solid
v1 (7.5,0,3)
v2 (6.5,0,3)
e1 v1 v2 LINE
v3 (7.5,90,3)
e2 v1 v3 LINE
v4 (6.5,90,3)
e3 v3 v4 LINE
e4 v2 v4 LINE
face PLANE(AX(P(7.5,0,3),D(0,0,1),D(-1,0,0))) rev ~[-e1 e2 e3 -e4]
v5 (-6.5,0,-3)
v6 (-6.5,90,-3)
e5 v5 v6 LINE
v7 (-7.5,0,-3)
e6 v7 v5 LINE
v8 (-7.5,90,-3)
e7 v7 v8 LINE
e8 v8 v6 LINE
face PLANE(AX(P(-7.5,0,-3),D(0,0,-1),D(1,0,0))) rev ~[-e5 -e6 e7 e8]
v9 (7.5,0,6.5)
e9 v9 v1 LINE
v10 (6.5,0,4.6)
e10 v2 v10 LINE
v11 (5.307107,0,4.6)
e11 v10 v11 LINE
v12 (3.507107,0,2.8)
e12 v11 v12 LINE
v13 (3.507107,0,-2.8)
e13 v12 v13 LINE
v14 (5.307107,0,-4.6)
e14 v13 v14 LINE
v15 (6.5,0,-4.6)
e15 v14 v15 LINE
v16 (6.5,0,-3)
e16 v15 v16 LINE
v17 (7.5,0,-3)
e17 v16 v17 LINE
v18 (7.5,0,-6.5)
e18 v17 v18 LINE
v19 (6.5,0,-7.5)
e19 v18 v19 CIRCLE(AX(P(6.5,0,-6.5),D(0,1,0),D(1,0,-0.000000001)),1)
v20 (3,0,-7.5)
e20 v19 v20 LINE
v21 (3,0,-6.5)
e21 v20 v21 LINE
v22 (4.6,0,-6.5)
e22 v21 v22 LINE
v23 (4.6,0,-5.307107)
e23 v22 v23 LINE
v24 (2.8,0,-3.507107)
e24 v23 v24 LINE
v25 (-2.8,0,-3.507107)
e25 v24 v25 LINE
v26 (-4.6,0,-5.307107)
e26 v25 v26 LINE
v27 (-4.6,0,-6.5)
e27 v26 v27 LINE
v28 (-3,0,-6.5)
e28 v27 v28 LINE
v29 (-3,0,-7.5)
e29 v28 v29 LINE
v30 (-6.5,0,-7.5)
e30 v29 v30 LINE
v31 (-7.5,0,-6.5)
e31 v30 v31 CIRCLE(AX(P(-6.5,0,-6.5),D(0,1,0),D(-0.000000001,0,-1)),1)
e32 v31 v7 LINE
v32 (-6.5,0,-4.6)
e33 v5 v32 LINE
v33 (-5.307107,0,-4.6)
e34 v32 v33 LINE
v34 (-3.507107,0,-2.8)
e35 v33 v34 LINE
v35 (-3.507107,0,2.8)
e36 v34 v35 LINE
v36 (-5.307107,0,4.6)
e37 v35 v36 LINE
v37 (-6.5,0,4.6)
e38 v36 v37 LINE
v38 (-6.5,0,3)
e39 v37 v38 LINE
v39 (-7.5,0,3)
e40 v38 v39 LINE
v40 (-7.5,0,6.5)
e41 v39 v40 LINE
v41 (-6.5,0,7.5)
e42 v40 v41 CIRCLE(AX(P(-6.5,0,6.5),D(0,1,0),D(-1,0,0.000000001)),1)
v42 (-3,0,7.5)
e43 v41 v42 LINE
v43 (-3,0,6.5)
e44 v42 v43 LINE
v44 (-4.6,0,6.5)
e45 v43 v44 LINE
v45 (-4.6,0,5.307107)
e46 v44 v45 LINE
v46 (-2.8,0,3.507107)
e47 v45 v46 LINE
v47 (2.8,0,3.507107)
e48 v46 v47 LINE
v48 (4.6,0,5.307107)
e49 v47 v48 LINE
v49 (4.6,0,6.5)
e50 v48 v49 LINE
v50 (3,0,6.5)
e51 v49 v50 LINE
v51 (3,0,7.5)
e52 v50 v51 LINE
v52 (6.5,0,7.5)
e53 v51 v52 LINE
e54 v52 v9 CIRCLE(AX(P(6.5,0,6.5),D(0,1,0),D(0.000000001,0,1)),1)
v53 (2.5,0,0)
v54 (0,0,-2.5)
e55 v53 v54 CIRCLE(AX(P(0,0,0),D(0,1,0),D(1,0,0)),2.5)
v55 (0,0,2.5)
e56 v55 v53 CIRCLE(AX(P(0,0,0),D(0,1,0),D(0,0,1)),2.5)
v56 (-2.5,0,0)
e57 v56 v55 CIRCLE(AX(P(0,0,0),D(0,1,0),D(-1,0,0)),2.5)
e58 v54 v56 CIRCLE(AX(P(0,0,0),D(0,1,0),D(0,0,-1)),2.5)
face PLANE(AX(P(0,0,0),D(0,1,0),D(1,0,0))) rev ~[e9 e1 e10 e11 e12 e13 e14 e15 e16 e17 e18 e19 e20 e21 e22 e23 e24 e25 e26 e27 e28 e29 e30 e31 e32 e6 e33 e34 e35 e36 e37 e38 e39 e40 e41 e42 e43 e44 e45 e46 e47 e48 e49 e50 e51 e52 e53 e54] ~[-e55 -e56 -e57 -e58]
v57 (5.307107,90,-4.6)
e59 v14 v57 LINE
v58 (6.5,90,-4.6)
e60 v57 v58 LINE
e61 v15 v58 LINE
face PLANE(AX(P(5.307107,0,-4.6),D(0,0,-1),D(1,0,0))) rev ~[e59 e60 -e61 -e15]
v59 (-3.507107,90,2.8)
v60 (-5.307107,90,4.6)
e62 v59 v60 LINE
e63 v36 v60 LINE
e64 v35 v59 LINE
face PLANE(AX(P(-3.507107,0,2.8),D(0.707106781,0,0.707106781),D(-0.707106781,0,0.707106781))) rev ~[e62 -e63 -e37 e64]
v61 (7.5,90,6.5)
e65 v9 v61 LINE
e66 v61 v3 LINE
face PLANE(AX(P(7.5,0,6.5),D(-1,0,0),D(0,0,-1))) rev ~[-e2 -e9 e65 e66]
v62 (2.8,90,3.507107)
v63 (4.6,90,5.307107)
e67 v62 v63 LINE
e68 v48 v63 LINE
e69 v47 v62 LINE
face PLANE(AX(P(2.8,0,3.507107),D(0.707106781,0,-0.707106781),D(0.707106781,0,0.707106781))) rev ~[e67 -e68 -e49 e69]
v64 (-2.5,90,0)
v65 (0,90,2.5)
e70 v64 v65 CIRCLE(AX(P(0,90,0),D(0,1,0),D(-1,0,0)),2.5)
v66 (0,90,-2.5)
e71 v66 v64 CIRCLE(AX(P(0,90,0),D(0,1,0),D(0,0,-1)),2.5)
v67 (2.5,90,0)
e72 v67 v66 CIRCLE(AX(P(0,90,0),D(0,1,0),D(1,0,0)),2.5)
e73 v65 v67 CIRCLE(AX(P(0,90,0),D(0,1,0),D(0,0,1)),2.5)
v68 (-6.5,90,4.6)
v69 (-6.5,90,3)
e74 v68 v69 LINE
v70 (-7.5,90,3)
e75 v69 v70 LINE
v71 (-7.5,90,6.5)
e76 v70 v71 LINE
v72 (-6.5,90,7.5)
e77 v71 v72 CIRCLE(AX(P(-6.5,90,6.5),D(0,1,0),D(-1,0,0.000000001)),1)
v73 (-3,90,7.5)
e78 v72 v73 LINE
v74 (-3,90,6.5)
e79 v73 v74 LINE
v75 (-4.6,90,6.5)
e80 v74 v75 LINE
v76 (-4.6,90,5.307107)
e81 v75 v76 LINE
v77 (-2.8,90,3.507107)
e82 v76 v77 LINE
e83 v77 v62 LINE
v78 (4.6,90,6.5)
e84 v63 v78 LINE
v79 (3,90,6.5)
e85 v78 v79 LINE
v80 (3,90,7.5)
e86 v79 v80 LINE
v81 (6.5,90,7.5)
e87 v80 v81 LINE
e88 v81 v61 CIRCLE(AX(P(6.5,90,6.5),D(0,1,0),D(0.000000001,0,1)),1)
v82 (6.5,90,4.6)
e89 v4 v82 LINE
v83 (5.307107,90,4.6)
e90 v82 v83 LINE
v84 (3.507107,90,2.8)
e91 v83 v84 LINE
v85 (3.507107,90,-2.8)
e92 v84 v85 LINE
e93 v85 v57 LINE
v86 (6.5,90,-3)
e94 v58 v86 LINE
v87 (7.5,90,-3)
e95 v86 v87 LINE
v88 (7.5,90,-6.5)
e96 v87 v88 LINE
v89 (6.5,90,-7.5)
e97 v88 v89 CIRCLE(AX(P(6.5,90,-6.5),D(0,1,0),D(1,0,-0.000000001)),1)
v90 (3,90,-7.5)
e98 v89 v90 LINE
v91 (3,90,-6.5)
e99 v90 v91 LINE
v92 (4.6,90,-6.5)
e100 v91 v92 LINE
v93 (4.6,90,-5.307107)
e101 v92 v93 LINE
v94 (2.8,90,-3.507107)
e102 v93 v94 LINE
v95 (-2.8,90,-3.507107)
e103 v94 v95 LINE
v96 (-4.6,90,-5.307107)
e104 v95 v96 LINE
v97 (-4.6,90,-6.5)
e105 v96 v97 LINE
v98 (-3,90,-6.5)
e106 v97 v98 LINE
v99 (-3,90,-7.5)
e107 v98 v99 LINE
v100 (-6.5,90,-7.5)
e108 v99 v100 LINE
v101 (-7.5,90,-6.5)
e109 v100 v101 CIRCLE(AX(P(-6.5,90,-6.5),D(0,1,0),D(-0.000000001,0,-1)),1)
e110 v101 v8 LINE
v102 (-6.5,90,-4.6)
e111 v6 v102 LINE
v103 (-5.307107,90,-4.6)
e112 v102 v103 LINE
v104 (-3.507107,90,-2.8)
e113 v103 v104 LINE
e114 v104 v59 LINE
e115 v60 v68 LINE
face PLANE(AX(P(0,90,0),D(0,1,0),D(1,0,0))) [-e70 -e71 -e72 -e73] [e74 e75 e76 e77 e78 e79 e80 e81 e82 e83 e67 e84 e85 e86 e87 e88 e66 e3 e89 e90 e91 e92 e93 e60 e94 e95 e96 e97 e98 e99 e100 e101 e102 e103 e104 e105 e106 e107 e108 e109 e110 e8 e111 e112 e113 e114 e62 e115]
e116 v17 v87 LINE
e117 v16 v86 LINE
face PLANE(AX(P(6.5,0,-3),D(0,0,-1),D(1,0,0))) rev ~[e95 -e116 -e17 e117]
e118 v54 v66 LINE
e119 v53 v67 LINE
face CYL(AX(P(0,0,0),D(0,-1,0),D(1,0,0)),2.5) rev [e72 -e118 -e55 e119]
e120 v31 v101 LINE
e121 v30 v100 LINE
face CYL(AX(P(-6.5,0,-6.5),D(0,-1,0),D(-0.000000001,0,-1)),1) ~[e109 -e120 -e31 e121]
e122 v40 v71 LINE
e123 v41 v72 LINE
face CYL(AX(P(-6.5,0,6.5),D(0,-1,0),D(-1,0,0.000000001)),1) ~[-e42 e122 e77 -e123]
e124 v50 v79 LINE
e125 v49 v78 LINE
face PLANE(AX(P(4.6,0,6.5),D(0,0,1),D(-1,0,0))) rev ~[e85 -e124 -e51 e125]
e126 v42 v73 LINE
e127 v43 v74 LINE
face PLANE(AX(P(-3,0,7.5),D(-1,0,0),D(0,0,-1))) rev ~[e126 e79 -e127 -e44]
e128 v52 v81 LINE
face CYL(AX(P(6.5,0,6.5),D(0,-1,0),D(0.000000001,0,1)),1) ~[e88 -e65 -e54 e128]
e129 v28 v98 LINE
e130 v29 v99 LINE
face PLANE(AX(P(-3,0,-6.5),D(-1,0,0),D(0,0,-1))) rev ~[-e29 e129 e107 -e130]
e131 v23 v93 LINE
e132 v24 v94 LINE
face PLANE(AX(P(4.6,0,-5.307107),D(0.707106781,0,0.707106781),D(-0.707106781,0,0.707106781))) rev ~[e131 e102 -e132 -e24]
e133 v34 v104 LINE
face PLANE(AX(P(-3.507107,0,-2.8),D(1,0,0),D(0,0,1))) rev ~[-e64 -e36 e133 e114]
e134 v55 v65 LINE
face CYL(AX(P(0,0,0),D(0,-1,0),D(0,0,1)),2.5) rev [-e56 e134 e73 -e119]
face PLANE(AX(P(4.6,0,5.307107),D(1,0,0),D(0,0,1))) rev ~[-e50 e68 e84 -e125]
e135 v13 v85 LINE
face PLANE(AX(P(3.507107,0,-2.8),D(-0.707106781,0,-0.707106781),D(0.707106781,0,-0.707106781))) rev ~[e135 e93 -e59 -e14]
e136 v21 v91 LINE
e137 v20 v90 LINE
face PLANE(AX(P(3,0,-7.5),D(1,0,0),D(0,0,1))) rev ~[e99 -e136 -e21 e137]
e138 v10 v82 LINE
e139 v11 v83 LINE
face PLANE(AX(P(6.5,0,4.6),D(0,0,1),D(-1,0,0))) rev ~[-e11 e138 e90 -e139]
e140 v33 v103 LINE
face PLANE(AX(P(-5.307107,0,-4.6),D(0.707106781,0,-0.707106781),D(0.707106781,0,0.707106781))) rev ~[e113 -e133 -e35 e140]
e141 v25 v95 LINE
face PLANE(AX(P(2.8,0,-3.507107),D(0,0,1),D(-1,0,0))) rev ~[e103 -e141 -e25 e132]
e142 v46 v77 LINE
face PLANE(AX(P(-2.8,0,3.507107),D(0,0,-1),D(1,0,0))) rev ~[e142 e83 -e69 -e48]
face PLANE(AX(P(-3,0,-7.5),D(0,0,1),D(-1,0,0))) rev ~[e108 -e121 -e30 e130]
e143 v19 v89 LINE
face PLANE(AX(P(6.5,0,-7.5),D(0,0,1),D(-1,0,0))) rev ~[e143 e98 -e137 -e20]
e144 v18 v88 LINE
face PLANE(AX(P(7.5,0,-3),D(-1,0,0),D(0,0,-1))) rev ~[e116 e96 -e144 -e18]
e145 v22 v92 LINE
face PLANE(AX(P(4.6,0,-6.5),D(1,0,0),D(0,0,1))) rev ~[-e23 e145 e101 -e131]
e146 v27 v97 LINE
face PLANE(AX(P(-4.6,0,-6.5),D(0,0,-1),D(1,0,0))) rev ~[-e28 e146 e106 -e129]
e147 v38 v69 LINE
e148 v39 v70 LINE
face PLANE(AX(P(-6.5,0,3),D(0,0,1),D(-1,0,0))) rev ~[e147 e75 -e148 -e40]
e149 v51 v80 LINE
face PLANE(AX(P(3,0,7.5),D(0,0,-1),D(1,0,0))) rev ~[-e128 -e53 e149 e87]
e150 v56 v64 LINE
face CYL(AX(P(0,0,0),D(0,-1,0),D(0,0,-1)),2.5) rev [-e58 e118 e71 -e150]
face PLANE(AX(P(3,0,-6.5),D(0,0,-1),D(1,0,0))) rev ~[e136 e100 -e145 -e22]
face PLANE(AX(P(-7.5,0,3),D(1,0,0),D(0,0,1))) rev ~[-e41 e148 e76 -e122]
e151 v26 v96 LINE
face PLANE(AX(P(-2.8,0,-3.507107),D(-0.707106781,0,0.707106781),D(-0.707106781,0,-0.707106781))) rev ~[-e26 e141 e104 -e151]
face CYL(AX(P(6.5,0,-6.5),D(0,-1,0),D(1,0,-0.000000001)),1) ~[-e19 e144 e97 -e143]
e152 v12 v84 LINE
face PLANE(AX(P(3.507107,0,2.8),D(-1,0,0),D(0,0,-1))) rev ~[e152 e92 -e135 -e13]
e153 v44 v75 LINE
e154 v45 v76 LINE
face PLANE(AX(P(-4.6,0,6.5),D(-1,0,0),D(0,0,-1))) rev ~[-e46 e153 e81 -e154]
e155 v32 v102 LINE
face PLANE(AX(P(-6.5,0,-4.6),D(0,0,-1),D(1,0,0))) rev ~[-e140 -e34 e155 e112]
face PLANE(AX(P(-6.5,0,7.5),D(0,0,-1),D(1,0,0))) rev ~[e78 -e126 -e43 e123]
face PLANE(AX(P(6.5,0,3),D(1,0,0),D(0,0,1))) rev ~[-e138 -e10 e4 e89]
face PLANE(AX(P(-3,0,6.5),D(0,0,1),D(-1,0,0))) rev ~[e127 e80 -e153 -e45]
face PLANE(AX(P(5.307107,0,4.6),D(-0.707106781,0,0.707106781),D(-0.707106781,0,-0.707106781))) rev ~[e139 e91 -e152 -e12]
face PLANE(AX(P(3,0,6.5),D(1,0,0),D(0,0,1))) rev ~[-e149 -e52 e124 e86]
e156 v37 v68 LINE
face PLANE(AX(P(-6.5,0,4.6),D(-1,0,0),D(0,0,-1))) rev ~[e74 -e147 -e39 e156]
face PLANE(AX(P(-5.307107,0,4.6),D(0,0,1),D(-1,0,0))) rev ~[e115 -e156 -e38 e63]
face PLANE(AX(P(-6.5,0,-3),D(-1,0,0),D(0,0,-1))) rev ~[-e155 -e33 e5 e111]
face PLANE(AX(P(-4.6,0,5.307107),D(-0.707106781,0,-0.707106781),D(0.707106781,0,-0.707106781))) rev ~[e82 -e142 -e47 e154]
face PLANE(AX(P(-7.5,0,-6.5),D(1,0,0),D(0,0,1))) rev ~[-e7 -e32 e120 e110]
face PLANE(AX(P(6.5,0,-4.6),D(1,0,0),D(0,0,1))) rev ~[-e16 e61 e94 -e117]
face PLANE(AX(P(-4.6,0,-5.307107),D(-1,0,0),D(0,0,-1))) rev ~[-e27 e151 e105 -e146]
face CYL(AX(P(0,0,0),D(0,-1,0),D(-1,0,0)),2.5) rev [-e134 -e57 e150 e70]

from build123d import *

# Parameters (mm, degrees)
BOSS_EXTRUDE1_DEPTH = 90


with BuildPart() as part:
    # Sketch1 → Boss-Extrude1 (new body)
    with BuildSketch(Plane(origin=(0, 0, 0), x_dir=(1, 0, 0), z_dir=(0, 1, 0))):
        with BuildLine():
            Line((-7.5, -3), (-7.5, -6.5))
            ThreePointArc((-7.5, -6.5), (-7.207106781, -7.207106781), (-6.5, -7.5))
            Line((-6.5, -7.5), (-3, -7.5))
            Line((-3, -7.5), (-3, -6.5))
            Line((-3, -6.5), (-4.6, -6.5))
            Line((-4.6, -6.5), (-4.6, -5.307106781))
            Line((-4.6, -5.307106781), (-2.8, -3.507106781))
            Line((-2.8, -3.507106781), (0, -3.507106781))
            Line((0, -3.507106781), (2.8, -3.507106781))
            Line((2.8, -3.507106781), (4.6, -5.307106781))
            Line((4.6, -5.307106781), (4.6, -6.5))
            Line((4.6, -6.5), (3, -6.5))
            Line((3, -6.5), (3, -7.5))
            Line((3, -7.5), (6.5, -7.5))
            ThreePointArc((6.5, -7.5), (7.207106781, -7.207106781), (7.5, -6.5))
            Line((7.5, -6.5), (7.5, -3))
            Line((7.5, -3), (6.5, -3))
            Line((6.5, -3), (6.5, -4.6))
            Line((6.5, -4.6), (5.307106781, -4.6))
            Line((5.307106781, -4.6), (3.507106781, -2.8))
            Line((3.507106781, -2.8), (3.507106781, 0))
            Line((3.507106781, 0), (3.507106781, 2.8))
            Line((3.507106781, 2.8), (5.307106781, 4.6))
            Line((5.307106781, 4.6), (6.5, 4.6))
            Line((6.5, 4.6), (6.5, 3))
            Line((6.5, 3), (7.5, 3))
            Line((7.5, 3), (7.5, 6.5))
            ThreePointArc((7.5, 6.5), (7.207106781, 7.207106781), (6.5, 7.5))
            Line((6.5, 7.5), (3, 7.5))
            Line((3, 7.5), (3, 6.5))
            Line((3, 6.5), (4.6, 6.5))
            Line((4.6, 6.5), (4.6, 5.307106781))
            Line((4.6, 5.307106781), (2.8, 3.507106781))
            Line((2.8, 3.507106781), (0, 3.507106781))
            Line((0, 3.507106781), (-2.8, 3.507106781))
            Line((-2.8, 3.507106781), (-4.6, 5.307106781))
            Line((-4.6, 5.307106781), (-4.6, 6.5))
            Line((-4.6, 6.5), (-3, 6.5))
            Line((-3, 6.5), (-3, 7.5))
            Line((-3, 7.5), (-6.5, 7.5))
            ThreePointArc((-6.5, 7.5), (-7.207106781, 7.207106781), (-7.5, 6.5))
            Line((-7.5, 6.5), (-7.5, 3))
            Line((-7.5, 3), (-6.5, 3))
            Line((-6.5, 3), (-6.5, 4.6))
            Line((-6.5, 4.6), (-5.307106781, 4.6))
            Line((-5.307106781, 4.6), (-3.507106781, 2.8))
            Line((-3.507106781, 2.8), (-3.507106781, 0))
            Line((-3.507106781, 0), (-3.507106781, -2.8))
            Line((-3.507106781, -2.8), (-5.307106781, -4.6))
            Line((-5.307106781, -4.6), (-6.5, -4.6))
            Line((-6.5, -4.6), (-6.5, -3))
            Line((-6.5, -3), (-7.5, -3))
        make_face()
        with BuildLine():
            ThreePointArc((-2.5, 0), (-1.767766953, -1.767766953), (0, -2.5))
            ThreePointArc((0, -2.5), (1.767766953, -1.767766953), (2.5, 0))
            ThreePointArc((2.5, 0), (1.767766953, 1.767766953), (0, 2.5))
            ThreePointArc((0, 2.5), (-1.767766953, 1.767766953), (-2.5, 0))
        make_face(mode=Mode.SUBTRACT)
    extrude(amount=BOSS_EXTRUDE1_DEPTH)


solid = part.part
